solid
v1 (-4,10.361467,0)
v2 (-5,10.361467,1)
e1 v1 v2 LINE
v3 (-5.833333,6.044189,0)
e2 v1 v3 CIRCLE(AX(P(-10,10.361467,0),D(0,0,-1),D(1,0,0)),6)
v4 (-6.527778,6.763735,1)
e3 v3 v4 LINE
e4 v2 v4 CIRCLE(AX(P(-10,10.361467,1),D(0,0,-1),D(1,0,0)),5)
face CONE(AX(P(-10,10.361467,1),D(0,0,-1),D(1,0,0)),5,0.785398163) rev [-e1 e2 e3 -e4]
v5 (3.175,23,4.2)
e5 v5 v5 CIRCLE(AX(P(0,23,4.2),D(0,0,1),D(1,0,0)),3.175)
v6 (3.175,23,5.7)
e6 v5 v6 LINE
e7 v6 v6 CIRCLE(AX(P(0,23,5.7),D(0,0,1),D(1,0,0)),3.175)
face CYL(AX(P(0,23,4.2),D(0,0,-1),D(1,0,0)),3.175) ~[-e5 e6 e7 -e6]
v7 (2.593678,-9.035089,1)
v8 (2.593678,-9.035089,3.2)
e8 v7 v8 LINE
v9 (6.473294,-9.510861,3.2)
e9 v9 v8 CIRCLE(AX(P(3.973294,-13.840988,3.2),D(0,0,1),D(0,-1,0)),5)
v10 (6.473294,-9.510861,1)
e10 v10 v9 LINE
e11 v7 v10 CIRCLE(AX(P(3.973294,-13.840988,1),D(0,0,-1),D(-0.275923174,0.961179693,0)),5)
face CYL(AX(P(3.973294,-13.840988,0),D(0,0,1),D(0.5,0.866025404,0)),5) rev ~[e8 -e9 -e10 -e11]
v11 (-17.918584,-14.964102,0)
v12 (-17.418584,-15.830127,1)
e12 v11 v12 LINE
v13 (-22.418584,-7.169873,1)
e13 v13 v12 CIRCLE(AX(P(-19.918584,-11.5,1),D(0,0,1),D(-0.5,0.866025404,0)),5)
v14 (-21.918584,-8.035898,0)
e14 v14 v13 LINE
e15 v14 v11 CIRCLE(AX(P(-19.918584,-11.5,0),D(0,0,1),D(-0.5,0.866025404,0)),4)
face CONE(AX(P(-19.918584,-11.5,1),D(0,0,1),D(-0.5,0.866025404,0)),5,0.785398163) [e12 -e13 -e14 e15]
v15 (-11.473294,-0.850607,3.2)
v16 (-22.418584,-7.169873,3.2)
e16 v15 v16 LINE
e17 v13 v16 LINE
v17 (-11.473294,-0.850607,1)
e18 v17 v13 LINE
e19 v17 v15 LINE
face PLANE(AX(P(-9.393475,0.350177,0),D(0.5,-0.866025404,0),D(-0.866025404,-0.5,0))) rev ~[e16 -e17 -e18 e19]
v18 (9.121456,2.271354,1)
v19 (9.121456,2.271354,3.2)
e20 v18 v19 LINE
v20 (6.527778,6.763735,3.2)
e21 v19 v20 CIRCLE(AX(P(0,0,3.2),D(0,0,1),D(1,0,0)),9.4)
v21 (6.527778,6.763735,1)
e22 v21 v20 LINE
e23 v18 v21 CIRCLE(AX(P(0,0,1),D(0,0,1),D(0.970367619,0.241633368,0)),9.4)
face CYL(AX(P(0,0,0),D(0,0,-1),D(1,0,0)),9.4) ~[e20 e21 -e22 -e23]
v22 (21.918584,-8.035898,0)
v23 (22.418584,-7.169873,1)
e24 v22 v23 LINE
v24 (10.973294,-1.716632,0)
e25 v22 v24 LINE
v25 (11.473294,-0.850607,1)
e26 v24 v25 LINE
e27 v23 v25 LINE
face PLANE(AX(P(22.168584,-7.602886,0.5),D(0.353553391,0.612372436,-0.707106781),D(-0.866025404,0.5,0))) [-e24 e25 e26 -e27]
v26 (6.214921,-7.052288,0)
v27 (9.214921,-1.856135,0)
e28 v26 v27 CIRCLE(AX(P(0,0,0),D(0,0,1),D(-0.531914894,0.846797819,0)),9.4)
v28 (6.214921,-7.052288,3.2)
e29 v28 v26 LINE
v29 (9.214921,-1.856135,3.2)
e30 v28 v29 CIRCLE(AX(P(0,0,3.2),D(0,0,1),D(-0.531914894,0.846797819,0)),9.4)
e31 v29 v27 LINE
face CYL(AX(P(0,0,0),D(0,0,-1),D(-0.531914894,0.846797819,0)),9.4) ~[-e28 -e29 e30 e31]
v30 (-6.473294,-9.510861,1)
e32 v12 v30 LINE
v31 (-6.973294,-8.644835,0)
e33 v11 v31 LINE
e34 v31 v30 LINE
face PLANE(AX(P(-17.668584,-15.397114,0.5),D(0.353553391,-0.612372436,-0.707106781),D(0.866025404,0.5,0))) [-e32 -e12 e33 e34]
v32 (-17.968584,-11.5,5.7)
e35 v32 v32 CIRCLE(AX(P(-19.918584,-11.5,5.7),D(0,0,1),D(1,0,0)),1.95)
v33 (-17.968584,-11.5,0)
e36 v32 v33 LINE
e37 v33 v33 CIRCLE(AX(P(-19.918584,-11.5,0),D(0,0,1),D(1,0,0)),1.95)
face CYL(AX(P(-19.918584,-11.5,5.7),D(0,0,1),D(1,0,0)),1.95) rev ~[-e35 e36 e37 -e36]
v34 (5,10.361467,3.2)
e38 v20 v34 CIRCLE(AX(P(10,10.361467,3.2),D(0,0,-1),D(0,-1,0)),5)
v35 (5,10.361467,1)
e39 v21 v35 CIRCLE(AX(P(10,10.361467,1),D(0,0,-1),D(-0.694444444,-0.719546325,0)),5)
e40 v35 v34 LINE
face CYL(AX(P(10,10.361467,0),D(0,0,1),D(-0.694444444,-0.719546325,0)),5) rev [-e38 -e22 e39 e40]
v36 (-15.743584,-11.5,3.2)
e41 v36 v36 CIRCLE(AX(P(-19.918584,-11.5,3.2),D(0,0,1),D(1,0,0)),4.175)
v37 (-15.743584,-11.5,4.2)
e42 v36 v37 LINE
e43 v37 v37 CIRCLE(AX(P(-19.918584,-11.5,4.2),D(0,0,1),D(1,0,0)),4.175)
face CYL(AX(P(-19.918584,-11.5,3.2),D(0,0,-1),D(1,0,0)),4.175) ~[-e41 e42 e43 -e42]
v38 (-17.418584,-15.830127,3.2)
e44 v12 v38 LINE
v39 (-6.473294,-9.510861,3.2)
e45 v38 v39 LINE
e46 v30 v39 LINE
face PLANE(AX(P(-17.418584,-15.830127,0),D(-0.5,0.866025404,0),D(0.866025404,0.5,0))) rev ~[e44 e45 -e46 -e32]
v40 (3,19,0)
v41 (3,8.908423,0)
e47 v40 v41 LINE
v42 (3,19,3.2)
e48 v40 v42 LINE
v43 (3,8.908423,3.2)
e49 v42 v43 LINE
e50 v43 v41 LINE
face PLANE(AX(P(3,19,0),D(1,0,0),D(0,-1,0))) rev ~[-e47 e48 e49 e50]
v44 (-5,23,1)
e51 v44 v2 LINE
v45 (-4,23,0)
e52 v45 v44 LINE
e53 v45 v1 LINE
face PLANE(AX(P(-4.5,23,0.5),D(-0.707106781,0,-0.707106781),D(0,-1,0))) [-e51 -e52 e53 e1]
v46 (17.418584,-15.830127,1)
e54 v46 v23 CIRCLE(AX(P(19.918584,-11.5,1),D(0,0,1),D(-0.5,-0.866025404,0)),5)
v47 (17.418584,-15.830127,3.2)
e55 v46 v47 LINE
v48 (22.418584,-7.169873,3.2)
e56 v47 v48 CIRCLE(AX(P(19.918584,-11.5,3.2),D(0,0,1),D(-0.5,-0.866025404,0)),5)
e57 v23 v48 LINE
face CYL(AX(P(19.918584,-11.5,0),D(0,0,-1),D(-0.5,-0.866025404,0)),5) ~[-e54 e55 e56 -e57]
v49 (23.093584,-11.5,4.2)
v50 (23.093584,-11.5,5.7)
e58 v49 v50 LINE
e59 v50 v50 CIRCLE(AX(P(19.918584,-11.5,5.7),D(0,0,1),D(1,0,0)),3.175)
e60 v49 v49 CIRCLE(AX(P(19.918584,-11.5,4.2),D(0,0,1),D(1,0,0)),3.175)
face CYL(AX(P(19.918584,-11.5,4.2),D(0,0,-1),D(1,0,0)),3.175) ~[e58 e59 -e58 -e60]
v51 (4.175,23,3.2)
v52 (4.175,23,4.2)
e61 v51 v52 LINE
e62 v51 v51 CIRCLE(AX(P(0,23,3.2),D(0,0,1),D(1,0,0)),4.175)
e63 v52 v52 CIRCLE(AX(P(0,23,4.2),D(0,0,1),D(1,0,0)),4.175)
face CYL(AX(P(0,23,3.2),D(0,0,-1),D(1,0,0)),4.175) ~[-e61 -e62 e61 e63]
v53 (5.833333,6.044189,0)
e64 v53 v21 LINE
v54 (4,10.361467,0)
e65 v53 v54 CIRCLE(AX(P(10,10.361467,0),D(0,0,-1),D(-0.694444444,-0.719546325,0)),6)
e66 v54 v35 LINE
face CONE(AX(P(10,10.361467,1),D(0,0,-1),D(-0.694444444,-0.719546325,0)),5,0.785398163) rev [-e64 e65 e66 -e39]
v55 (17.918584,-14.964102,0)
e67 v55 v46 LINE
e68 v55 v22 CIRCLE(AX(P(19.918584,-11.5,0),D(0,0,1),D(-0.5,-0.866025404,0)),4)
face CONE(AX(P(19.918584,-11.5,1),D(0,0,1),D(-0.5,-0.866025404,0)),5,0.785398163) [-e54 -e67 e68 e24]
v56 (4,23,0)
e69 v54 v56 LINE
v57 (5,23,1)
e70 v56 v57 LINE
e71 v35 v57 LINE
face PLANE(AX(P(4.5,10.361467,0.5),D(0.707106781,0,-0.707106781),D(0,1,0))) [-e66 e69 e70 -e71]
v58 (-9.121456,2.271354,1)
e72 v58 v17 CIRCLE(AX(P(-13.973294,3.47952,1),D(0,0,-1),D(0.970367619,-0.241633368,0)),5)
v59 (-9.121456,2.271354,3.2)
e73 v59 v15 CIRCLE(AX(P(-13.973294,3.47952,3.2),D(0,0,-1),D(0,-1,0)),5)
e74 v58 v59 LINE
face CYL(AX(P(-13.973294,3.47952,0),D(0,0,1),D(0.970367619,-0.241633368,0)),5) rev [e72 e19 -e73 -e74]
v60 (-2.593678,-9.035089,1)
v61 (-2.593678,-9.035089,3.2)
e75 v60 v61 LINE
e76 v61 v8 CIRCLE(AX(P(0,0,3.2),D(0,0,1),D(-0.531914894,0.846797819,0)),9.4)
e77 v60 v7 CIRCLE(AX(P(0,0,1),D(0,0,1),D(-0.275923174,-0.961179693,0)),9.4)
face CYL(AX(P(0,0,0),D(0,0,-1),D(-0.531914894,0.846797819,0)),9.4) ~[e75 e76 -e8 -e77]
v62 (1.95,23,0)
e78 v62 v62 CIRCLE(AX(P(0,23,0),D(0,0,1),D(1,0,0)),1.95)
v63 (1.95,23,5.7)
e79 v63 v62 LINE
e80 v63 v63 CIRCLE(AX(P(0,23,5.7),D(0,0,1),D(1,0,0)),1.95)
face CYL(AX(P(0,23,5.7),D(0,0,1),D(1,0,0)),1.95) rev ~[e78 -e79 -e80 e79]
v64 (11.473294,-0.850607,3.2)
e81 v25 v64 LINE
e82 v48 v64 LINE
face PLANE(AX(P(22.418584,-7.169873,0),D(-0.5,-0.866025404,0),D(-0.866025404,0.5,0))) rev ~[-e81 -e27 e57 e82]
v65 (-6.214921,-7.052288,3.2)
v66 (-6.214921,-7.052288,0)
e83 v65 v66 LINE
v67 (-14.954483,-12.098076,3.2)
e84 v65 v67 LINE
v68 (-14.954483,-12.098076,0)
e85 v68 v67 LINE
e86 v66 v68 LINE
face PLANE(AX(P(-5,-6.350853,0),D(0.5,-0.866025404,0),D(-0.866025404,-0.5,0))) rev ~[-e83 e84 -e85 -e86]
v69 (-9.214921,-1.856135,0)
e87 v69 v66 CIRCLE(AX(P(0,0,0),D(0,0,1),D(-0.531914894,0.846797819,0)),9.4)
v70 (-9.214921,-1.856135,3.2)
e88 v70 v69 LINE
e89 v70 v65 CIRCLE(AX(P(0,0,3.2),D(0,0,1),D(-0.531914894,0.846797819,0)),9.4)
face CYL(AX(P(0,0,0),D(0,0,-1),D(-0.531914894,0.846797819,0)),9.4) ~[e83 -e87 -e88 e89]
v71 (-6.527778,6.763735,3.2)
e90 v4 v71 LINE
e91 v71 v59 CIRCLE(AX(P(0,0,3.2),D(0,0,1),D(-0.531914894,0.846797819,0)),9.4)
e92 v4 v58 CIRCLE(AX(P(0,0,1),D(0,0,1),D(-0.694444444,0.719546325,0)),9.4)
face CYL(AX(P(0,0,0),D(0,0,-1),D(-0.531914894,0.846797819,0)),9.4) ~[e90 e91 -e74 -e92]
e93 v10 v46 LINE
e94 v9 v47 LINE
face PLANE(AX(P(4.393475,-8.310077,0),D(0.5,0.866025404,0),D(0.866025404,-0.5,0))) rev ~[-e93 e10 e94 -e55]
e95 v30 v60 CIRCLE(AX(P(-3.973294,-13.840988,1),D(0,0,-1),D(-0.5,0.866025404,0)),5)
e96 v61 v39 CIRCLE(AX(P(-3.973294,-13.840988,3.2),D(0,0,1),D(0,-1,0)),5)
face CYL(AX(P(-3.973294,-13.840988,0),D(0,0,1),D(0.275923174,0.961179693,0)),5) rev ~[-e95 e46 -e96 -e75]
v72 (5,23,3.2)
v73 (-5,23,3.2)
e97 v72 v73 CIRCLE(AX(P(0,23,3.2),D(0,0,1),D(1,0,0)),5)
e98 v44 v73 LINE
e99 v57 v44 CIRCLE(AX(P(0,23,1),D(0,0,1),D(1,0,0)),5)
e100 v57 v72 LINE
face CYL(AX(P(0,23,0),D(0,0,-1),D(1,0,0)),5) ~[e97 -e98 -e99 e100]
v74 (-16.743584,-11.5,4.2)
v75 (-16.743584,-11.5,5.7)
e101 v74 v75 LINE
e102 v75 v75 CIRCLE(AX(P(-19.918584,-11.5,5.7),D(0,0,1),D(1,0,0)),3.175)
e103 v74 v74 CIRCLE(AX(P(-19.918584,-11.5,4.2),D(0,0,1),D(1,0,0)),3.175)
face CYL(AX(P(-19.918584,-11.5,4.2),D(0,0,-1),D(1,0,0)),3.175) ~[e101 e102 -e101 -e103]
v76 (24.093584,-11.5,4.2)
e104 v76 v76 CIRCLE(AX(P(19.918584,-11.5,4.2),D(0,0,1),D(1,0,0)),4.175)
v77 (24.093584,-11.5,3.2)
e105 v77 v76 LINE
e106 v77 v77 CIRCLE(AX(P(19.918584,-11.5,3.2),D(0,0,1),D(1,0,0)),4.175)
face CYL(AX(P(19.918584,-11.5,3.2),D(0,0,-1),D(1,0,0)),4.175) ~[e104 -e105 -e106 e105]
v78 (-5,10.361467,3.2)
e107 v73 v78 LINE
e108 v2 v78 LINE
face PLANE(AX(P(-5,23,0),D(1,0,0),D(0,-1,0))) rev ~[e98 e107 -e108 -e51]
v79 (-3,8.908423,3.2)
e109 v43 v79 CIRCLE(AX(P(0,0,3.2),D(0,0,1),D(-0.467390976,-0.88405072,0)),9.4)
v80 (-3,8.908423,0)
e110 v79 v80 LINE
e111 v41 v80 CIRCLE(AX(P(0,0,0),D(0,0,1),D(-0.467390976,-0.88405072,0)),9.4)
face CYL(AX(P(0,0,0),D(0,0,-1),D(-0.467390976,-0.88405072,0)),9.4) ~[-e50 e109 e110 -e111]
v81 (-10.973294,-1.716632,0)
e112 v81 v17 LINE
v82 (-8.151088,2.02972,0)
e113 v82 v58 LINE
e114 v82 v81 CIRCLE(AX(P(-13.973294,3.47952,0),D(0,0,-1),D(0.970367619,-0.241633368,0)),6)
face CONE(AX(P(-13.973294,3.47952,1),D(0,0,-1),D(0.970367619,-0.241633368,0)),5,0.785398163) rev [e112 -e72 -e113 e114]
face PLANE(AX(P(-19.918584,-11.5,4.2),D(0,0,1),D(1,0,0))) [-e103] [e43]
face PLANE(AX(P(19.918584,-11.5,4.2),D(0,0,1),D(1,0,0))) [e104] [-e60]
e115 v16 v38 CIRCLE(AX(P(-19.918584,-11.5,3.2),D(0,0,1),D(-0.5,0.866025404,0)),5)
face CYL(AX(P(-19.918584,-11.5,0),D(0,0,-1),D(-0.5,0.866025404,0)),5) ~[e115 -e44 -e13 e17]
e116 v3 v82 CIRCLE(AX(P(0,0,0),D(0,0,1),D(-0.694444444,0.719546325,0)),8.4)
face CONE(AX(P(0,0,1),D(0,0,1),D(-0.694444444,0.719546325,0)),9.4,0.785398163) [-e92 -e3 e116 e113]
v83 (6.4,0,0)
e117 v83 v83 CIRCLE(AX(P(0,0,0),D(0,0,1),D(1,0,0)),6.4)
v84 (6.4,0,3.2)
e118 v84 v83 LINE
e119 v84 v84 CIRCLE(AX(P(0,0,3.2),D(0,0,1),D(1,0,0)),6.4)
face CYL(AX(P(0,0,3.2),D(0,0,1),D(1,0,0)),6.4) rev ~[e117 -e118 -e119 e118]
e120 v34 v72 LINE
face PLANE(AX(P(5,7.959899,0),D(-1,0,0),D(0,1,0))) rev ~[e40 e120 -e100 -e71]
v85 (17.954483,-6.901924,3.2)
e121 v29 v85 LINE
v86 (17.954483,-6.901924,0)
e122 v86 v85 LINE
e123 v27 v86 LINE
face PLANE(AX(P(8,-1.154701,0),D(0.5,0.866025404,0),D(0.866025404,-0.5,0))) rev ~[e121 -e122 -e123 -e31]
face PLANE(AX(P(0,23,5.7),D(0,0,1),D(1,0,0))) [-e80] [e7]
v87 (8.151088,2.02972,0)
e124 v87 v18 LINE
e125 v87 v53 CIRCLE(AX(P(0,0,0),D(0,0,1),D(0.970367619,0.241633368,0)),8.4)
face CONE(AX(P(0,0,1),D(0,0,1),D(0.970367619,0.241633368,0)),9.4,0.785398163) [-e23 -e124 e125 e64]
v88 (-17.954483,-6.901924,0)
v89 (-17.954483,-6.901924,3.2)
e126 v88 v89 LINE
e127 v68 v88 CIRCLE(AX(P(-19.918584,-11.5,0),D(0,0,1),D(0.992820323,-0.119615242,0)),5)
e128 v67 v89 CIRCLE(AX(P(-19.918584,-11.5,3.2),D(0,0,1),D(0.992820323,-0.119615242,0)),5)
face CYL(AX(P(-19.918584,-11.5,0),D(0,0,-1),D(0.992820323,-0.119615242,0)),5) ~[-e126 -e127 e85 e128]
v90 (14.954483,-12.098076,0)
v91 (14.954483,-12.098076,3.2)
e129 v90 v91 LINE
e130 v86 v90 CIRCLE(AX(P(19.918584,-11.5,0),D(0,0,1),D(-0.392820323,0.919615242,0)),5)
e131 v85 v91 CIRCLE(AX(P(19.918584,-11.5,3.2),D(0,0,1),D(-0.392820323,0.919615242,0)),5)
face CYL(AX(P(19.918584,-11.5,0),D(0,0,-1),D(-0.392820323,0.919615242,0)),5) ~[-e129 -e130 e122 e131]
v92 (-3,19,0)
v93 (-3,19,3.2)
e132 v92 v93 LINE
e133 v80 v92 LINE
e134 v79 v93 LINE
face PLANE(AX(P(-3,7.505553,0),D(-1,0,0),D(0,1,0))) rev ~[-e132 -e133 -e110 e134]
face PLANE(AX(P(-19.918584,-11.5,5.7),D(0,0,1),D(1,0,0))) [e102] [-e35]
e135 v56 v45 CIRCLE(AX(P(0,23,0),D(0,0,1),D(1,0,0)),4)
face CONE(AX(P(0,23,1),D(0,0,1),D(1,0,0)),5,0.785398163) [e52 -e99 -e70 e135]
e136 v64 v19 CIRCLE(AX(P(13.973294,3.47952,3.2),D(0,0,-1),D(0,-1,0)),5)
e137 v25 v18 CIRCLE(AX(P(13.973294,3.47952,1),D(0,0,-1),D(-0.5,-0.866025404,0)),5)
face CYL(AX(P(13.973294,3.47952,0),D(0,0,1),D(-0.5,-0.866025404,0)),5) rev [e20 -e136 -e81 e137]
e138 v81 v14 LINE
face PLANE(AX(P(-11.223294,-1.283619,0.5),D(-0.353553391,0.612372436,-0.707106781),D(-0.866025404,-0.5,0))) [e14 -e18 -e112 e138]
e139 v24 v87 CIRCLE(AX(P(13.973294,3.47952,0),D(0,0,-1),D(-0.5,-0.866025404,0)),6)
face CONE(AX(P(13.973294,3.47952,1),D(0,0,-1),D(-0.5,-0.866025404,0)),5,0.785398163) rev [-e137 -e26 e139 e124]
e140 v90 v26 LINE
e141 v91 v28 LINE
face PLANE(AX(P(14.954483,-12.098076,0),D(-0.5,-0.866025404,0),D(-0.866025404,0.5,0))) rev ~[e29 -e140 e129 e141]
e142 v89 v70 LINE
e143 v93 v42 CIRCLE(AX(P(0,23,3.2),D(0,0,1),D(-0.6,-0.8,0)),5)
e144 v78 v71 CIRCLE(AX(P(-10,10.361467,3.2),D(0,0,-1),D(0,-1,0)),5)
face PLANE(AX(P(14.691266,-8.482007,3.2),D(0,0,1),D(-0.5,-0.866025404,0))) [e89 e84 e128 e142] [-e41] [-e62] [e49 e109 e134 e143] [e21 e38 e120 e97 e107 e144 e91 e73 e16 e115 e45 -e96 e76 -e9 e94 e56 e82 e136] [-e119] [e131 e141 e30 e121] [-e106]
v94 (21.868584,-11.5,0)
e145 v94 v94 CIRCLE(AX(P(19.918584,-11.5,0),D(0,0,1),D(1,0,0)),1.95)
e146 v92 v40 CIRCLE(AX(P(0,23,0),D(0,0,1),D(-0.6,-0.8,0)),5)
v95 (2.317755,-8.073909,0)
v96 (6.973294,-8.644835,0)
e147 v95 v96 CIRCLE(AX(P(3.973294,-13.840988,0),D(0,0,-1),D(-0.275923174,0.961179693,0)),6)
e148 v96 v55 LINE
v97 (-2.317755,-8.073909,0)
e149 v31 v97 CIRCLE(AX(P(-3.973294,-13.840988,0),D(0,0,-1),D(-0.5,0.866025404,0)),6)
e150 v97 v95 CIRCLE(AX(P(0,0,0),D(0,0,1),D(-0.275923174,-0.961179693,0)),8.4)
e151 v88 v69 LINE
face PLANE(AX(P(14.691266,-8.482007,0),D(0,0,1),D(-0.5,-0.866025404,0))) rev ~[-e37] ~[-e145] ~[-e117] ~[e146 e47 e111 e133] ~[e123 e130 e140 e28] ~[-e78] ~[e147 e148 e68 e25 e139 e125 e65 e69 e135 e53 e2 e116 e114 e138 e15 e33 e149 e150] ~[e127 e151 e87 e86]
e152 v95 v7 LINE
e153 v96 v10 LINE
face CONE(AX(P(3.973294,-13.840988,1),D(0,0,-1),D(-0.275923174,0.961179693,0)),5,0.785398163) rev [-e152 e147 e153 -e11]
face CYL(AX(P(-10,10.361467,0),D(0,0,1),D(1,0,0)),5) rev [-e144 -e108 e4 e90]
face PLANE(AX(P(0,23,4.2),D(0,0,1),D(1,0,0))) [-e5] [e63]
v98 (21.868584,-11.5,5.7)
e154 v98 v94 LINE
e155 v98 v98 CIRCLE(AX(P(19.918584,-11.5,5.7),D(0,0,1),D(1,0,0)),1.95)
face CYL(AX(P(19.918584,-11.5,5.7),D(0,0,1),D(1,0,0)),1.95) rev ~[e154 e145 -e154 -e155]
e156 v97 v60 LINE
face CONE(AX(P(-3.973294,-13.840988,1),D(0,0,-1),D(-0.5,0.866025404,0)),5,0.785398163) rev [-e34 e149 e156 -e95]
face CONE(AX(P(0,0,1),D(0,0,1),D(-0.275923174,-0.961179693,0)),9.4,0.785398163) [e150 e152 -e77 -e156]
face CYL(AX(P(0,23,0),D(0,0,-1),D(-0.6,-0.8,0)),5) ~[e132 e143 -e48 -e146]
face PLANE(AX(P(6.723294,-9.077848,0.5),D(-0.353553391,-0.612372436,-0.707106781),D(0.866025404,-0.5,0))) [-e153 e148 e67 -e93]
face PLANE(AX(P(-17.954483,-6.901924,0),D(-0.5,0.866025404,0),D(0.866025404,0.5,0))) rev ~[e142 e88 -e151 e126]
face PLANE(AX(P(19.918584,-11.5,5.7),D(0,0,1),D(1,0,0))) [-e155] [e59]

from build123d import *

# Parameters (mm, degrees)
F1_DEPTH  = 3.2
F3_COUNT  = 3
F4_R      = 4.175
F5_DEPTH  = 1
F6_R      = 3.175
F7_DEPTH  = 1.5
F8_R      = 1.95
F9_DEPTH  = 5.7
F10_R     = 6.4
F11_DEPTH = 25
F12_R     = 5
F13_SIZE  = 1


with BuildPart() as f1:
    # F0 (on Top) → F1 (new body)
    with BuildSketch(Plane.XY):
        with BuildLine():
            Line((-3, 8.9084229805), (-3, 19))
            ThreePointArc((-3, 19), (0, 18), (3, 19))
            Line((3, 19), (3, 8.9084229805))
            ThreePointArc((3, 8.9084229805), (4.0280174031, 8.4932370625), (5, 7.9598994969))
            Line((5, 7.9598994969), (5, 23))
            ThreePointArc((5, 23), (0, 28), (-5, 23))
            Line((-5, 23), (-5, 7.9598994969))
            ThreePointArc((-5, 7.9598994969), (-4.0280174031, 8.4932370625), (-3, 8.9084229805))
        make_face()
        with BuildLine():
            Line((-3, 7.5055534995), (-3, 8.9084229805))
            ThreePointArc((-3, 8.9084229805), (-4.0280174031, 8.4932370625), (-5, 7.9598994969))
            Line((-5, 7.9598994969), (-5, 2.8867513459))
            Line((-5, 2.8867513459), (0, 0))
            Line((0, 0), (5, 2.8867513459))
            Line((5, 2.8867513459), (5, 7.9598994969))
            ThreePointArc((5, 7.9598994969), (4.0280174031, 8.4932370625), (3, 8.9084229805))
            Line((3, 8.9084229805), (3, 7.5055534995))
            Line((3, 7.5055534995), (0, 5.7735026919))
            Line((0, 5.7735026919), (-3, 7.5055534995))
        make_face()
        with BuildLine():
            Line((-5, 2.8867513459), (-5, 7.9598994969))
            ThreePointArc((-5, 7.9598994969), (-4.5475268004, -8.2267855205), (9.4, 0))
            ThreePointArc((9.4, 0), (8.2267855205, 4.5475268004), (5, 7.9598994969))
            Line((5, 7.9598994969), (5, 2.8867513459))
            Line((5, 2.8867513459), (0, 0))
            Line((0, 0), (-5, 2.8867513459))
        make_face()
    extrude(amount=F1_DEPTH)

    # F3: F1 ×3 about axis
    f3_axis = Axis((0, 0, 19.5818599313), (0, 0, 1))


with BuildPart() as f1_1:
    add(f1.part)
    for i in range(1, F3_COUNT):
        add(f1.part.rotate(f3_axis, i * 360 / F3_COUNT))

    # F4 (on face) → F5 (join)
    with BuildSketch(Plane.XY.offset(3.2)):
        with Locations((0, 23)):
            Circle(F4_R)
        with Locations((-19.918584287, -11.5)):
            Circle(F4_R)
        with Locations((19.918584287, -11.5)):
            Circle(F4_R)
    extrude(amount=F5_DEPTH)

    # F6 (on face) → F7 (join)
    with BuildSketch(Plane.XY.offset(4.2)):
        with Locations((0, 23)):
            Circle(F6_R)
        with Locations((-19.918584287, -11.5)):
            Circle(F6_R)
        with Locations((19.918584287, -11.5)):
            Circle(F6_R)
    extrude(amount=F7_DEPTH)

    # F8 (on face) → F9 (cut, through all)
    with BuildSketch(Plane.XY.offset(5.7)):
        with Locations((0, 23)):
            Circle(F8_R)
        with Locations((-19.918584287, -11.5)):
            Circle(F8_R)
        with Locations((19.918584287, -11.5)):
            Circle(F8_R)
    extrude(amount=-F9_DEPTH, mode=Mode.SUBTRACT)

    # F10 (on face) → F11 (cut)
    with BuildSketch(Plane.XY.offset(3.2)):
        Circle(F10_R)
    extrude(amount=-F11_DEPTH, mode=Mode.SUBTRACT)

    # F12
    f12_edges = [f1_1.edges().sort_by_distance(p)[0] for p in [
        (-5, 7.959899, 1.6),
        (-9.393475, 0.350177, 1.6),
        (-4.393475, -8.310077, 1.6),
        (4.393475, -8.310077, 1.6),
        (9.393475, 0.350177, 1.6),
        (5, 7.959899, 1.6),
    ]]
    fillet(f12_edges, radius=F12_R)

    # F13
    f13_edges = [f1_1.edges().sort_by_distance(p)[0] for p in [
        (-24.248711, -14, 0),
    ]]
    chamfer(f13_edges, length=F13_SIZE)


solid = f1_1.part
